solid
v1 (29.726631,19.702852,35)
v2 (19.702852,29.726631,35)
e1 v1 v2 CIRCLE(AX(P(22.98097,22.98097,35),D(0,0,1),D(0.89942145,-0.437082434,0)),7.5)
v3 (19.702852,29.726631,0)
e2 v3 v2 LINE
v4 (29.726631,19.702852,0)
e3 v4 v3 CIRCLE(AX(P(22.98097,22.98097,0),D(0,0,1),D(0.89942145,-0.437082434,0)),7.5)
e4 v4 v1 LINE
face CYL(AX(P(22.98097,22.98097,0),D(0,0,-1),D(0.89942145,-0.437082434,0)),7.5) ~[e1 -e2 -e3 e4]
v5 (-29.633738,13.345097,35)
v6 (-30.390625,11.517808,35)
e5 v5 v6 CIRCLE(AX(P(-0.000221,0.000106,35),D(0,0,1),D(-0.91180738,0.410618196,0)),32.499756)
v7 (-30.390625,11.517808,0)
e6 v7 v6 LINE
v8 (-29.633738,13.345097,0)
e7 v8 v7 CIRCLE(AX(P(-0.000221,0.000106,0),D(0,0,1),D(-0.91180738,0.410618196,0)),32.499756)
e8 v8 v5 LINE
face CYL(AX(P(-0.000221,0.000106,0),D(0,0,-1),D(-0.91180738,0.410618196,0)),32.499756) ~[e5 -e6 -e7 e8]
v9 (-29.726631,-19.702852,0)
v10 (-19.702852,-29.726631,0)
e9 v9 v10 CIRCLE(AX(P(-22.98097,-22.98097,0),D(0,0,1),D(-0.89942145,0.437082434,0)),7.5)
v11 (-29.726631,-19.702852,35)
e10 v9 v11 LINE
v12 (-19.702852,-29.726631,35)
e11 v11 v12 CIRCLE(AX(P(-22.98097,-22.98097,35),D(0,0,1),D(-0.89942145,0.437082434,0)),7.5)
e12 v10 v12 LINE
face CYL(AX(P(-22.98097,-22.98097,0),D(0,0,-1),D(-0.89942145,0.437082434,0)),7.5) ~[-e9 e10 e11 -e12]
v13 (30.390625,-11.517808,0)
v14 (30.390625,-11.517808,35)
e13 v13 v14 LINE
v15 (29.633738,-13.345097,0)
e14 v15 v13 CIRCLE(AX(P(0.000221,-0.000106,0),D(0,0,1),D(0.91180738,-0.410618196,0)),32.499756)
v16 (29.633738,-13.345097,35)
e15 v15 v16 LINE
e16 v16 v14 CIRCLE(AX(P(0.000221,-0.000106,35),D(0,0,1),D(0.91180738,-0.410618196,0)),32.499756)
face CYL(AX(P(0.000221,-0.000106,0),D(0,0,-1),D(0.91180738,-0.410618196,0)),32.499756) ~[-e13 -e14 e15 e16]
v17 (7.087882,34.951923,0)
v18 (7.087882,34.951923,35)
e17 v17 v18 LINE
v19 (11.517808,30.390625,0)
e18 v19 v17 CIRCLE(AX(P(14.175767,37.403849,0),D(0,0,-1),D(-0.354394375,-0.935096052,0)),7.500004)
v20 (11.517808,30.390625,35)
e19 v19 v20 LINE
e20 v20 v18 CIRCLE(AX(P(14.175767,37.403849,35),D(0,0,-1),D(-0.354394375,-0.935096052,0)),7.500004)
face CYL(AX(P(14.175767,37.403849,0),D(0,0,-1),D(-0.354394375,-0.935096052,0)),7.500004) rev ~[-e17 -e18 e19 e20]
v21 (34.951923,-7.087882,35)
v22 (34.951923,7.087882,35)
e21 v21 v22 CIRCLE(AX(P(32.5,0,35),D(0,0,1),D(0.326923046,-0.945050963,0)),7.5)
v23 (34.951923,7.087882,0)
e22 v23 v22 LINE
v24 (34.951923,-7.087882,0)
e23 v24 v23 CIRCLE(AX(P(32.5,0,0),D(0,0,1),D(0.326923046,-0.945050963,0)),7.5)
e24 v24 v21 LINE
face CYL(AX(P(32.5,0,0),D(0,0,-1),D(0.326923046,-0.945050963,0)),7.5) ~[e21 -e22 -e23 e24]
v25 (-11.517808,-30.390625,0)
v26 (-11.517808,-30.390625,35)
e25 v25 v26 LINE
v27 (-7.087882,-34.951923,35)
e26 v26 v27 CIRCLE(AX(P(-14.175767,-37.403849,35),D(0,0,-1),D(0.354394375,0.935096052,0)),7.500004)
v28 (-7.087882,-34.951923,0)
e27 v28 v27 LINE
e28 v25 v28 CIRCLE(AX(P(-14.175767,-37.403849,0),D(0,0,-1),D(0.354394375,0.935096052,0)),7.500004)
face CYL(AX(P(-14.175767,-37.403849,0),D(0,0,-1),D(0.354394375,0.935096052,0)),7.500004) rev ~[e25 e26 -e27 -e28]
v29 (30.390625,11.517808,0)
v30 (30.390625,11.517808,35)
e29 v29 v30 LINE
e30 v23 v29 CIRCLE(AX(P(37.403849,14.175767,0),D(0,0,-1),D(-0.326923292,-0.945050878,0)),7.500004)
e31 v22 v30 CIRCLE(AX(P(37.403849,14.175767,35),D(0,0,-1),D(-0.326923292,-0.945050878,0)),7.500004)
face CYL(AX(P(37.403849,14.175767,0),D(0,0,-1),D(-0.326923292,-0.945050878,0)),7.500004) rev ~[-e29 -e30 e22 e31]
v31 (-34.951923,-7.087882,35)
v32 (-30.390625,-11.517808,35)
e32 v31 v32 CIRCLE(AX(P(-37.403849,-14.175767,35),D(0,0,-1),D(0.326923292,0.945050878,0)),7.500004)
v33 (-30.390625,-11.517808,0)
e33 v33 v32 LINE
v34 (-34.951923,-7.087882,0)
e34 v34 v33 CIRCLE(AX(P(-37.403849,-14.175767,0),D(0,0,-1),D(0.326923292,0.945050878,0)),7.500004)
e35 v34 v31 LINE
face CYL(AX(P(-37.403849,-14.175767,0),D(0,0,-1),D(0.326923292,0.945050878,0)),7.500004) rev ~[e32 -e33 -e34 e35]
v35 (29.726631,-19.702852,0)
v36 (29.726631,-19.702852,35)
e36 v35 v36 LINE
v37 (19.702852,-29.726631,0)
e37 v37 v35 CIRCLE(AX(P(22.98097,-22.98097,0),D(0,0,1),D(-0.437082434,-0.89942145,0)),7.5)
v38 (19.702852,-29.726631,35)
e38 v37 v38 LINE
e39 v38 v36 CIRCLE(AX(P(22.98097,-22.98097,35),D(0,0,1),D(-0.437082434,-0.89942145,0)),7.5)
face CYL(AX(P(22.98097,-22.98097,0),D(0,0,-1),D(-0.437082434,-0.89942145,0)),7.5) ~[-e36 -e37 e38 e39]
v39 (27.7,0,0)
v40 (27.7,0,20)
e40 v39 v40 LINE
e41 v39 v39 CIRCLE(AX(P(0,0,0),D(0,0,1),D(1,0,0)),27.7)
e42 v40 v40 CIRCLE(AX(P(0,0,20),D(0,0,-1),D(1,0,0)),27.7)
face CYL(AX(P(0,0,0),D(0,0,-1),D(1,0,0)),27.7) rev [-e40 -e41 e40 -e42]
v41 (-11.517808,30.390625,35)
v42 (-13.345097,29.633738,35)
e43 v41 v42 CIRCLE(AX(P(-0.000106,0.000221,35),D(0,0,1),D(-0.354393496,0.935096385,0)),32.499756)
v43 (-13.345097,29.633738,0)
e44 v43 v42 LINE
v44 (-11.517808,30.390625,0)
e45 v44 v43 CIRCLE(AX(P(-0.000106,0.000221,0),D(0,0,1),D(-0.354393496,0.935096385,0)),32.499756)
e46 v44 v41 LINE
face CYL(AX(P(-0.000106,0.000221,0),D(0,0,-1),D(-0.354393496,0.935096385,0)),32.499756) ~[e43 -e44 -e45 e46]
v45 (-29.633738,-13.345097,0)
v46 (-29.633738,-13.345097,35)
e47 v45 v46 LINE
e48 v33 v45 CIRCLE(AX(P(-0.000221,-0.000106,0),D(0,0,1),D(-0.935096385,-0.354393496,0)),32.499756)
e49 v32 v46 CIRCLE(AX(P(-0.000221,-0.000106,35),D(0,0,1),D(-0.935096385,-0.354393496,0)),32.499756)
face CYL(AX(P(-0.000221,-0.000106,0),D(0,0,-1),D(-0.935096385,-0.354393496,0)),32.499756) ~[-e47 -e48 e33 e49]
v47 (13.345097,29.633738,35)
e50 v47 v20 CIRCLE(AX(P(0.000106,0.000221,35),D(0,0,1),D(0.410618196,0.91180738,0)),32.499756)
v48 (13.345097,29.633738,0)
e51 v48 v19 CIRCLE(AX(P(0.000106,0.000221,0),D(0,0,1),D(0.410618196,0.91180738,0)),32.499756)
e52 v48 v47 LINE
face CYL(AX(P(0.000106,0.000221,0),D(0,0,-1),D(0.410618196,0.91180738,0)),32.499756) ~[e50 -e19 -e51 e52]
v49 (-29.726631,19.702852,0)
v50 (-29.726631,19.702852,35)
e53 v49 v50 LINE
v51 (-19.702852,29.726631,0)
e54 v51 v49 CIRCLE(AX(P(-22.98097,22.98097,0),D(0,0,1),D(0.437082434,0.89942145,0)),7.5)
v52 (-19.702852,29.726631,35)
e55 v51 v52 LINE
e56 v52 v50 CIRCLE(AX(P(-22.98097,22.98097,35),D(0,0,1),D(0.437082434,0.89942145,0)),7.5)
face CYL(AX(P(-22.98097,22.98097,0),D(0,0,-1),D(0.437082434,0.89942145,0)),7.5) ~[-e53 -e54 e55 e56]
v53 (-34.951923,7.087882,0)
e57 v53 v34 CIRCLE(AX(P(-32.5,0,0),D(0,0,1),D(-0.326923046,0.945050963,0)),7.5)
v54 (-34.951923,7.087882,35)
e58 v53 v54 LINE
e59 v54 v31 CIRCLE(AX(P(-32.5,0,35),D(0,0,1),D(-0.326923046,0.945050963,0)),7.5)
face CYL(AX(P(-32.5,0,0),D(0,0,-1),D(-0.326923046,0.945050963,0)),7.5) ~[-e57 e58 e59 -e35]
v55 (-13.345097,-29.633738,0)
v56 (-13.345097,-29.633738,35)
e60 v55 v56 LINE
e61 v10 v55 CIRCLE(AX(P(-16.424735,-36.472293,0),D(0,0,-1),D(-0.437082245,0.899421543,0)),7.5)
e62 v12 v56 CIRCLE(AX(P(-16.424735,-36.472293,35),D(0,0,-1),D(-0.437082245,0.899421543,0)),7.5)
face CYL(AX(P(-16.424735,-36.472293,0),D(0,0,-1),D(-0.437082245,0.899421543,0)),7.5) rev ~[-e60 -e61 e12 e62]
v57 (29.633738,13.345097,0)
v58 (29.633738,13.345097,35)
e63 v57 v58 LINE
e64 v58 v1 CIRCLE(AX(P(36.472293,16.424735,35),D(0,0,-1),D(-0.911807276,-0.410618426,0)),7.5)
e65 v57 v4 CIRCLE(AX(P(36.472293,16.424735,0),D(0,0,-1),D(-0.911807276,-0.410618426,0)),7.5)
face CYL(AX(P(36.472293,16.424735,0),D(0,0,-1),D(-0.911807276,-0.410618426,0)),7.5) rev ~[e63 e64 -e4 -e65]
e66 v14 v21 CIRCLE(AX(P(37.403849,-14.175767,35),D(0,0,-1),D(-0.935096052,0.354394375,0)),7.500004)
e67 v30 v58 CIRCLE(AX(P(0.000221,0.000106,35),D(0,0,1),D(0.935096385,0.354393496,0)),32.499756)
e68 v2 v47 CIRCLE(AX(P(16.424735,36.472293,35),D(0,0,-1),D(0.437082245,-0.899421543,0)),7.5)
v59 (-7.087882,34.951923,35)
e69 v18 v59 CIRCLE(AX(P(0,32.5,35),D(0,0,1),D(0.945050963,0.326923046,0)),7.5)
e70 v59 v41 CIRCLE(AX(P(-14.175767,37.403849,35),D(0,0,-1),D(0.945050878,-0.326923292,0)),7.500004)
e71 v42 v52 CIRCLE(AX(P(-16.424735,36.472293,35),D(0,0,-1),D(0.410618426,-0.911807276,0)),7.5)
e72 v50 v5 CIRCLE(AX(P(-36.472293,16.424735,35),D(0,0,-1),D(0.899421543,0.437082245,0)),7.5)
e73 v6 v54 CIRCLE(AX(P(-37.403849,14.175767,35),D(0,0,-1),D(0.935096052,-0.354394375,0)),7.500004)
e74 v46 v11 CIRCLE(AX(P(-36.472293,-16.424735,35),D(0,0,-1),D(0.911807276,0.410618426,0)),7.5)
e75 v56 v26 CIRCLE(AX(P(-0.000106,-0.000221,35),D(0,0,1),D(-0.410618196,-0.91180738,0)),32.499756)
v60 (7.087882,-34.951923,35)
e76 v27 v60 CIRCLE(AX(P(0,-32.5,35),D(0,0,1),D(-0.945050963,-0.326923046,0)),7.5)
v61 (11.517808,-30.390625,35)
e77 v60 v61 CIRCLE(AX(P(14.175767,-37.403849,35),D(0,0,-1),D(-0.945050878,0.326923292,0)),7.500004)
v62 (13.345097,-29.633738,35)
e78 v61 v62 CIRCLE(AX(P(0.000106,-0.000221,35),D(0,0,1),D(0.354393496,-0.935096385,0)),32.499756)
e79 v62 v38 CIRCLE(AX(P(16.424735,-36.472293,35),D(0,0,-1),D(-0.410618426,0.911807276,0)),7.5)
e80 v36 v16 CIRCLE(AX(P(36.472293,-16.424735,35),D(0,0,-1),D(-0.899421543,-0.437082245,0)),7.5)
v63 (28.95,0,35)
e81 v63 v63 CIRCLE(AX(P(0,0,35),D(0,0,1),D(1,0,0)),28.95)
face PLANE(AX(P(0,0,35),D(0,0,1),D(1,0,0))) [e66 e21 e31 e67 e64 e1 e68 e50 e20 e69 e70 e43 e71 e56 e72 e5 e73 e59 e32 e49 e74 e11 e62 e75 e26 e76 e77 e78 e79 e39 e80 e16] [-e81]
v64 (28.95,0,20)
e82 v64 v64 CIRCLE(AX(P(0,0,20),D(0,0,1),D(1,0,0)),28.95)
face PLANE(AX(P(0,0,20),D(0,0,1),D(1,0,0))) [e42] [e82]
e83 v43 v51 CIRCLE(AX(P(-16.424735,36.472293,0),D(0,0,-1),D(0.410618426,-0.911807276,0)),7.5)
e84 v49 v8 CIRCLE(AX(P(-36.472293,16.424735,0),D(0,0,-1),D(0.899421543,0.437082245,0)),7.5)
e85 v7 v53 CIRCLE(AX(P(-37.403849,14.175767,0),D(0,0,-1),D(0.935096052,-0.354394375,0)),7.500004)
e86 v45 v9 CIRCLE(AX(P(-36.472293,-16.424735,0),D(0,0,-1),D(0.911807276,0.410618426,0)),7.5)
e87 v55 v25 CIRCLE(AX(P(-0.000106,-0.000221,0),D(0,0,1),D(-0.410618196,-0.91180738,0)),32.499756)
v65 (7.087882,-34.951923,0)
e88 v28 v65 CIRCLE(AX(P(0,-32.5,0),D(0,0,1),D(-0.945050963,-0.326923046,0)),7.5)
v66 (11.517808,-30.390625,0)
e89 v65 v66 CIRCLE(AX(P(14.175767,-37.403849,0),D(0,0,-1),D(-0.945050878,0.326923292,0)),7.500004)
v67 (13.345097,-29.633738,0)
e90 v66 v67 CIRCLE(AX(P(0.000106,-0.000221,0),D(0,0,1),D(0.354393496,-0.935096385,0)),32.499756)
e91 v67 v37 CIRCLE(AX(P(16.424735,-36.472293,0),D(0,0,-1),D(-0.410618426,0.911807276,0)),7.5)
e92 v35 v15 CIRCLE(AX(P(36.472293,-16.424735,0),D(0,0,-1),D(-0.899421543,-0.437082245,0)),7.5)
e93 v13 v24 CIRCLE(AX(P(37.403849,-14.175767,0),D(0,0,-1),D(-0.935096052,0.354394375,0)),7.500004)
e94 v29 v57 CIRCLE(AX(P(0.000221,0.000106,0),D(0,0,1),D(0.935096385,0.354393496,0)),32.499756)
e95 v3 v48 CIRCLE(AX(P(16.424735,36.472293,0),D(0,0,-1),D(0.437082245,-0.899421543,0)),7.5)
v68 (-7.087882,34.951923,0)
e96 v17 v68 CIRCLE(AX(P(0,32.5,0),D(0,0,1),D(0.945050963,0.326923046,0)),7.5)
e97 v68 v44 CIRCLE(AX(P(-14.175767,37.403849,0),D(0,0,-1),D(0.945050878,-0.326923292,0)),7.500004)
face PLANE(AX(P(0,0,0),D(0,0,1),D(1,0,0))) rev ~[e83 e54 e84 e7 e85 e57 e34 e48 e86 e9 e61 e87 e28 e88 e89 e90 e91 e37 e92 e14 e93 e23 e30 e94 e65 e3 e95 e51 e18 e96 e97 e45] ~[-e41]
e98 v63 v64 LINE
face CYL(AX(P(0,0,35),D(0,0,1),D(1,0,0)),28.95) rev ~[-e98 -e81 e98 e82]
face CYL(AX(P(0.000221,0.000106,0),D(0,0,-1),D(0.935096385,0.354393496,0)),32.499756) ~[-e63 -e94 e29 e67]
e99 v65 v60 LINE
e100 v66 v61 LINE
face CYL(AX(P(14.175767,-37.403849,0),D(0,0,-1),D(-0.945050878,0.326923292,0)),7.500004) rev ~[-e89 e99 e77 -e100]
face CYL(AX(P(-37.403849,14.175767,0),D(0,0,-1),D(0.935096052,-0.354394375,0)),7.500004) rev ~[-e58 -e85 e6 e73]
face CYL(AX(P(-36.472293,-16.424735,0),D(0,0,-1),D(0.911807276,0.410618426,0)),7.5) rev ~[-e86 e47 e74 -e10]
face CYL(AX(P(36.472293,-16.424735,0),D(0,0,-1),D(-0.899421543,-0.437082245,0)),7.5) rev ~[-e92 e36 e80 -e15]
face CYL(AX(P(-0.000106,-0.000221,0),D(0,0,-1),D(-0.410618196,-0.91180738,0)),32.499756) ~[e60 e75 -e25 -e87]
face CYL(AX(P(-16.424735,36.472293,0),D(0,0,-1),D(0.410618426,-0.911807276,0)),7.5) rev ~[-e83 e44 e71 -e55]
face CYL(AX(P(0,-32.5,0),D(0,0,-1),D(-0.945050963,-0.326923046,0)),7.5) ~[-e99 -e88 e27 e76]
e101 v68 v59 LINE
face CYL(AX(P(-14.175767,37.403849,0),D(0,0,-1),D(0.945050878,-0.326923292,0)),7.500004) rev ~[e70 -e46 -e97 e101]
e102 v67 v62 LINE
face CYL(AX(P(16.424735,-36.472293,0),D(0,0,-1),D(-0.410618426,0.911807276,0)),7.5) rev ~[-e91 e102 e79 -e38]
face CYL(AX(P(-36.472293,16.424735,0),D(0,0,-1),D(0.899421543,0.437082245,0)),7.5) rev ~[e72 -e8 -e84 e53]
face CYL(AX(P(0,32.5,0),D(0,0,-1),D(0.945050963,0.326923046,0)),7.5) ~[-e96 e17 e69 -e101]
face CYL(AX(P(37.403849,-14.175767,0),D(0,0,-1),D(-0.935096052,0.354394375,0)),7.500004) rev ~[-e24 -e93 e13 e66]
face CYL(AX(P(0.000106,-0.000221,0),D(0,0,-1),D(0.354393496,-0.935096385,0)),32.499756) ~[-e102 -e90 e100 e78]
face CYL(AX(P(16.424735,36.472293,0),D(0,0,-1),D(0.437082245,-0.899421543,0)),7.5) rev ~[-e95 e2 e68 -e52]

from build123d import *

# Parameters (mm, degrees)
F0_R     = 27.7
F1_DEPTH = 35
F2_R     = 28.95
F3_DEPTH = 15


with BuildPart() as f1:
    # F0 (on Top) → F1 (new body)
    with BuildSketch(Plane.XY):
        with BuildLine():
            ThreePointArc((-7.087882, 34.951923), (-8.795551, 32.17859), (-11.517808, 30.390625))
            ThreePointArc((-11.517808, 30.390625), (-12.437212, 30.026085), (-13.345097, 29.633738))
            ThreePointArc((-13.345097, 29.633738), (-16.534306, 28.973093), (-19.702852, 29.726631))
            ThreePointArc((-19.702852, 29.726631), (-28.284271, 28.284271), (-29.726631, 19.702852))
            ThreePointArc((-29.726631, 19.702852), (-28.973093, 16.534306), (-29.633738, 13.345097))
            ThreePointArc((-29.633738, 13.345097), (-30.026085, 12.437212), (-30.390625, 11.517808))
            ThreePointArc((-30.390625, 11.517808), (-32.17859, 8.795551), (-34.951923, 7.087882))
            ThreePointArc((-34.951923, 7.087882), (-40, 0), (-34.951923, -7.087882))
            ThreePointArc((-34.951923, -7.087882), (-32.17859, -8.795551), (-30.390625, -11.517808))
            ThreePointArc((-30.390625, -11.517808), (-30.026085, -12.437212), (-29.633738, -13.345097))
            ThreePointArc((-29.633738, -13.345097), (-28.973093, -16.534306), (-29.726631, -19.702852))
            ThreePointArc((-29.726631, -19.702852), (-28.284271, -28.284271), (-19.702852, -29.726631))
            ThreePointArc((-19.702852, -29.726631), (-16.534306, -28.973093), (-13.345097, -29.633738))
            ThreePointArc((-13.345097, -29.633738), (-12.437212, -30.026085), (-11.517808, -30.390625))
            ThreePointArc((-11.517808, -30.390625), (-8.795551, -32.17859), (-7.087882, -34.951923))
            ThreePointArc((-7.087882, -34.951923), (0, -40), (7.087882, -34.951923))
            ThreePointArc((7.087882, -34.951923), (8.795551, -32.17859), (11.517808, -30.390625))
            ThreePointArc((11.517808, -30.390625), (12.437212, -30.026085), (13.345097, -29.633738))
            ThreePointArc((13.345097, -29.633738), (16.534306, -28.973093), (19.702852, -29.726631))
            ThreePointArc((19.702852, -29.726631), (28.284271, -28.284271), (29.726631, -19.702852))
            ThreePointArc((29.726631, -19.702852), (28.973093, -16.534306), (29.633738, -13.345097))
            ThreePointArc((29.633738, -13.345097), (30.026085, -12.437212), (30.390625, -11.517808))
            ThreePointArc((30.390625, -11.517808), (32.17859, -8.795551), (34.951923, -7.087882))
            ThreePointArc((34.951923, -7.087882), (40, 0), (34.951923, 7.087882))
            ThreePointArc((34.951923, 7.087882), (32.17859, 8.795551), (30.390625, 11.517808))
            ThreePointArc((30.390625, 11.517808), (30.026085, 12.437212), (29.633738, 13.345097))
            ThreePointArc((29.633738, 13.345097), (28.973093, 16.534306), (29.726631, 19.702852))
            ThreePointArc((29.726631, 19.702852), (28.284271, 28.284271), (19.702852, 29.726631))
            ThreePointArc((19.702852, 29.726631), (16.534306, 28.973093), (13.345097, 29.633738))
            ThreePointArc((13.345097, 29.633738), (12.437212, 30.026085), (11.517808, 30.390625))
            ThreePointArc((11.517808, 30.390625), (8.795551, 32.17859), (7.087882, 34.951923))
            ThreePointArc((7.087882, 34.951923), (0, 40), (-7.087882, 34.951923))
        make_face()
        Circle(F0_R, mode=Mode.SUBTRACT)
    extrude(amount=F1_DEPTH)

    # F2 (on face) → F3 (cut)
    with BuildSketch(Plane.XY.offset(35)):
        Circle(F2_R)
    extrude(amount=-F3_DEPTH, mode=Mode.SUBTRACT)


solid = f1.part
